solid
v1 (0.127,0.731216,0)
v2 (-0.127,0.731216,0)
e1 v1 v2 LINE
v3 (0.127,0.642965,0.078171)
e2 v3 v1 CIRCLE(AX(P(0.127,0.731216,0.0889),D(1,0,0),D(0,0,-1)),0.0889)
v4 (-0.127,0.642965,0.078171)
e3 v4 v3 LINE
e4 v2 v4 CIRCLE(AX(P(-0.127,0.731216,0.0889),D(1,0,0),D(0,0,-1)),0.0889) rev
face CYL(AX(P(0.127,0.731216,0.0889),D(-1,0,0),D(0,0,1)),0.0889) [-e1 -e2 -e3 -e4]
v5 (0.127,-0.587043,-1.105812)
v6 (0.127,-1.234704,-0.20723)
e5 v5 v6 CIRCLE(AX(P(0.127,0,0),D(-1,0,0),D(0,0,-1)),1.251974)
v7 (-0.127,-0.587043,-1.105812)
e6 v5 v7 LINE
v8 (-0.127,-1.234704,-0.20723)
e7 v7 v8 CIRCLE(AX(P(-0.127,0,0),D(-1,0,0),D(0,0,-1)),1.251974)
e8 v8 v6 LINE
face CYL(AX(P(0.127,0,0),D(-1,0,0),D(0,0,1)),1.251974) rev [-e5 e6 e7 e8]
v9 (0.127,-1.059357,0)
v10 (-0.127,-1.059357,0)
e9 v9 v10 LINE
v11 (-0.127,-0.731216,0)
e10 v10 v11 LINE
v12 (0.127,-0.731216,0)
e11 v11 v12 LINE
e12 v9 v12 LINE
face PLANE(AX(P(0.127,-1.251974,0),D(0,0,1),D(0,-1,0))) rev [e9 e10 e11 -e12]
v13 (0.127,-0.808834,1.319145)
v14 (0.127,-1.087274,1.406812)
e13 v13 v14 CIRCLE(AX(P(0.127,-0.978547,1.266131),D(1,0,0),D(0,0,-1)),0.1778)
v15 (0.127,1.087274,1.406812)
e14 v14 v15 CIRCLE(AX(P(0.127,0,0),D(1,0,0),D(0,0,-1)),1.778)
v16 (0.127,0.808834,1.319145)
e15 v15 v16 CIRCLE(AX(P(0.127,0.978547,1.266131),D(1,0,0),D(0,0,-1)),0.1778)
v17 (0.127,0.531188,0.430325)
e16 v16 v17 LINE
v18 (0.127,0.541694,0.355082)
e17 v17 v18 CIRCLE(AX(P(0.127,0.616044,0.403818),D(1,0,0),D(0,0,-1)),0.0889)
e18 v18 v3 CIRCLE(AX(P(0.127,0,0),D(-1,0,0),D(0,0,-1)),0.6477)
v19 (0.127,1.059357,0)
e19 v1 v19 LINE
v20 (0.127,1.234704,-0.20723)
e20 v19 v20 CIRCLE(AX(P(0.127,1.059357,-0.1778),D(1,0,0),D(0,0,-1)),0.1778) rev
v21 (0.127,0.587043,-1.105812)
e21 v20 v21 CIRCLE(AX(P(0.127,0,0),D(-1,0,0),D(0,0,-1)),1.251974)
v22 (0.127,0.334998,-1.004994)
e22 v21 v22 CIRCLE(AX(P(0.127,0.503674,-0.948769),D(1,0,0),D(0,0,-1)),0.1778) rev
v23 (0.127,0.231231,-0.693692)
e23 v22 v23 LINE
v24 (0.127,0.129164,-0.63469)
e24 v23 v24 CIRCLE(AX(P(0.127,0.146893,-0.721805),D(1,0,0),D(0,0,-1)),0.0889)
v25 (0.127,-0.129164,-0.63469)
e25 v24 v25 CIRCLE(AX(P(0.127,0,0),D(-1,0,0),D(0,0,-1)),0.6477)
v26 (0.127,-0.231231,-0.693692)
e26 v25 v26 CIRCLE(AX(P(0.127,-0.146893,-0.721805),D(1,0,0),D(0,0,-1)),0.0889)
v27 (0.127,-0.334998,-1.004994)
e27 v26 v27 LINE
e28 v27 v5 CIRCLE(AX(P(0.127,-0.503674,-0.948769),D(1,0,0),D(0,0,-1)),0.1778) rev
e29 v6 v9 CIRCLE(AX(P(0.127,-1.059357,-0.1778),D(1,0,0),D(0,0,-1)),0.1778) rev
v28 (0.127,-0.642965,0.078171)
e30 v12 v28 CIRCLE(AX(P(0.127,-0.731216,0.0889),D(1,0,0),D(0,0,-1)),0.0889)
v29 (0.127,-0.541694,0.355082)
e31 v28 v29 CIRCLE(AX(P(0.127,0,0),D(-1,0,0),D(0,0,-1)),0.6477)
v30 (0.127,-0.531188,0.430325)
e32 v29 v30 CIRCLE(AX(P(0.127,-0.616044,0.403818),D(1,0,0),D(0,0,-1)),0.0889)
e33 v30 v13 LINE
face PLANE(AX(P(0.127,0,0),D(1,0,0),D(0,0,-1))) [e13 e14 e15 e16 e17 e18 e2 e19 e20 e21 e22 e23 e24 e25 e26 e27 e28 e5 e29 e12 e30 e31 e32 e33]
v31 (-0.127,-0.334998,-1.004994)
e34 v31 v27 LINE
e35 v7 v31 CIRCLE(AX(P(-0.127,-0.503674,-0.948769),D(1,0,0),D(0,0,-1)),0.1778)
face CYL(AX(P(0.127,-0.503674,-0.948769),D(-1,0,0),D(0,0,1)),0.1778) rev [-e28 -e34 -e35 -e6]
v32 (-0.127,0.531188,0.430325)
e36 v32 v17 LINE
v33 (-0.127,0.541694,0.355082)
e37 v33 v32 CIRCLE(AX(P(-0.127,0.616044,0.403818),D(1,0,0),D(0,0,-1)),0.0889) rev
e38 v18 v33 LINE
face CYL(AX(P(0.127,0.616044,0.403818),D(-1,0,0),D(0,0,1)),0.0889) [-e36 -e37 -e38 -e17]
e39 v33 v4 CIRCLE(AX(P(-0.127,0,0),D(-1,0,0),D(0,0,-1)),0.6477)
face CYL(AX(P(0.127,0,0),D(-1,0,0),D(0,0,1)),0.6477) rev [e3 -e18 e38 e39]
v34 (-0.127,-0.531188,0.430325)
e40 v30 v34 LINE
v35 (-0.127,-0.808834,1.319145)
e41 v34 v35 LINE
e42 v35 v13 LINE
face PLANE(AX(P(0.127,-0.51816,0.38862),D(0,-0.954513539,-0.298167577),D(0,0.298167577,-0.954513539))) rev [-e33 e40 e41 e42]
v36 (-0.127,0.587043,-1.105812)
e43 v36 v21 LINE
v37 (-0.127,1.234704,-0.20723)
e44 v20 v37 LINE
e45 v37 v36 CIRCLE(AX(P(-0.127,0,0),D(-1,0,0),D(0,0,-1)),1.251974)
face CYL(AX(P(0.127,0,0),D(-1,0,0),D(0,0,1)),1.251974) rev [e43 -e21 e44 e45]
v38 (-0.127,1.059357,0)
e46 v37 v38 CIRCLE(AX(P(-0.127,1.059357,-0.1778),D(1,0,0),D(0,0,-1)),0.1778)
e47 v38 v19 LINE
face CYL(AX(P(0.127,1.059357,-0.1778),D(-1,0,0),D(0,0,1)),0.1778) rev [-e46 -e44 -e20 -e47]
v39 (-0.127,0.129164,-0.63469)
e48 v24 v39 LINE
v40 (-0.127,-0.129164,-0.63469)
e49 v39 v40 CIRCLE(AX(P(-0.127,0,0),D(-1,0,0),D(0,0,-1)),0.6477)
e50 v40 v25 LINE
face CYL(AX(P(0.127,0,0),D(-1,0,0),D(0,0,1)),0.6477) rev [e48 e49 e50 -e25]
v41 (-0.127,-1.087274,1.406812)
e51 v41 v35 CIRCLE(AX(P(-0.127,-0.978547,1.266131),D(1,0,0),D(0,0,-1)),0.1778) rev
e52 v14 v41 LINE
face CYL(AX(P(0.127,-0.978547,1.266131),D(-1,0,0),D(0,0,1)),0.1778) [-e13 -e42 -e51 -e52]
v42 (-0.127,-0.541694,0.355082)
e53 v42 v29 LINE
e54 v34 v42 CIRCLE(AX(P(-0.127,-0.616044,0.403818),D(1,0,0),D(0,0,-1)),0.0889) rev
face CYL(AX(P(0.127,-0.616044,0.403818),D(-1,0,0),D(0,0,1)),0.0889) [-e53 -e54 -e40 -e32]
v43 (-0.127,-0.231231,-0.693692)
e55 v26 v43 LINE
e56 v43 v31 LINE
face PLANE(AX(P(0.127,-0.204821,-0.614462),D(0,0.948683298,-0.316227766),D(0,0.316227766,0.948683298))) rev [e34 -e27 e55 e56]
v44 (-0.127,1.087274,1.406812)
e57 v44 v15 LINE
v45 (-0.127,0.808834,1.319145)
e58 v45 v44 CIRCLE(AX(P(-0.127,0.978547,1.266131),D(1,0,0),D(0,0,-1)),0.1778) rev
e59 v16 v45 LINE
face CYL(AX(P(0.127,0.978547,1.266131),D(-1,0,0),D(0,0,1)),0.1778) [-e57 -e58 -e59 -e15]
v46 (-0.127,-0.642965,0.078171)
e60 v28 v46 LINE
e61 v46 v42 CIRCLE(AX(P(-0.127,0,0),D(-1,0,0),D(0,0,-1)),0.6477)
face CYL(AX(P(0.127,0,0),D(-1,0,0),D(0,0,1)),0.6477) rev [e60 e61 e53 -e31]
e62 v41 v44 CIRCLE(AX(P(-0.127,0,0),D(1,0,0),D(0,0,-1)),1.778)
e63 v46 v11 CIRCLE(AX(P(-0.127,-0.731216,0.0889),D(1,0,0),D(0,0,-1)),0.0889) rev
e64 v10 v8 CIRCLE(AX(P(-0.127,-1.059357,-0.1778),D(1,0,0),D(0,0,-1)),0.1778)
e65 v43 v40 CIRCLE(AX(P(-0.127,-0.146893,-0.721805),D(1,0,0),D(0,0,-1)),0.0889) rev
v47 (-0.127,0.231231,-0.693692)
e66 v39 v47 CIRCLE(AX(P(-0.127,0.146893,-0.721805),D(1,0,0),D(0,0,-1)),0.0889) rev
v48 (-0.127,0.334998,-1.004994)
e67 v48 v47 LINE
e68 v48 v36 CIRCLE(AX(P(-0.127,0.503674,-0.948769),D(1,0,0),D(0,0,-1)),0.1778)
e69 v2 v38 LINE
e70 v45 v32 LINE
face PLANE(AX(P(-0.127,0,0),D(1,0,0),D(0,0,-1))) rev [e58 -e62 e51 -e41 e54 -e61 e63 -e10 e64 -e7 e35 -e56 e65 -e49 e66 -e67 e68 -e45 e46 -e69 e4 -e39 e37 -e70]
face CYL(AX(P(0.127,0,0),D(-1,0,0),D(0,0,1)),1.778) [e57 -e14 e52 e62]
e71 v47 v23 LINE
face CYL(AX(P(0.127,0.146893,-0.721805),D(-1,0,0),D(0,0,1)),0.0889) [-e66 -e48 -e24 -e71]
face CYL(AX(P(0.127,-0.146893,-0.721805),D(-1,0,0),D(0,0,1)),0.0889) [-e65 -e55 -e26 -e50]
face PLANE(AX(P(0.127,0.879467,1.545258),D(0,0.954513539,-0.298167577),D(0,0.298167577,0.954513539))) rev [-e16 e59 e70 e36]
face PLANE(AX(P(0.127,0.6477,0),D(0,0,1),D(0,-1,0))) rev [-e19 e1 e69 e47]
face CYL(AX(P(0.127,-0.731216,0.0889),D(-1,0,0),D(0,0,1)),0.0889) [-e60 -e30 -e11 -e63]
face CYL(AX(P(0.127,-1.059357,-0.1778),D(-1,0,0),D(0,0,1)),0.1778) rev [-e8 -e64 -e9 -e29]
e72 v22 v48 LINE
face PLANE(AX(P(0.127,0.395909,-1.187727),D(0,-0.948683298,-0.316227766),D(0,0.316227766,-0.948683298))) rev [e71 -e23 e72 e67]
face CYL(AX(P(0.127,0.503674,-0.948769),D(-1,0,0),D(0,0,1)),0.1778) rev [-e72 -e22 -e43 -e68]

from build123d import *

# Parameters (mm, degrees)
BOSS_EXTRUDE1_DEPTH      = 0.127
BOSS_EXTRUDE1_DEPTH_BACK = 0.127
FILLET1_R                = 0.1778
FILLET2_R                = 0.0889


with BuildPart() as part:
    # Sketch3 → Boss-Extrude1 (new body, two sides)
    with BuildSketch(Plane(origin=(0, 0, 0), x_dir=(0, 0, -1), z_dir=(1, 0, 0))) as boss_extrude1_sk:
        with BuildLine():
            Line((0.614462172, -0.204820724), (1.187727007, -0.395909002))
            ThreePointArc((1.187727007, -0.395909002), (0.732042187, -1.015654281), (0, -1.251974194))
            Line((0, -1.251974194), (0, -0.6477))
            ThreePointArc((0, -0.6477), (-0.204820724, -0.614462172), (-0.38862, -0.51816))
            Line((-0.38862, -0.51816), (-1.545258105, -0.879466537))
            ThreePointArc((-1.545258105, -0.879466537), (1.778, 0), (-1.545258105, 0.879466537))
            Line((-1.545258105, 0.879466537), (-0.38862, 0.51816))
            ThreePointArc((-0.38862, 0.51816), (-0.204820724, 0.614462172), (0, 0.6477))
            Line((0, 0.6477), (0, 1.251974194))
            ThreePointArc((0, 1.251974194), (0.732042187, 1.015654281), (1.187727007, 0.395909002))
            Line((1.187727007, 0.395909002), (0.614462172, 0.204820724))
            ThreePointArc((0.614462172, 0.204820724), (0.6477, 0), (0.614462172, -0.204820724))
        make_face()
    extrude(amount=BOSS_EXTRUDE1_DEPTH)
    extrude(boss_extrude1_sk.sketch, amount=-BOSS_EXTRUDE1_DEPTH_BACK)

    # Fillet1
    fillet1_edges = [part.edges().sort_by_distance(p)[0] for p in [
        (0, 0.395909002, -1.187727007),
        (0, 1.251974194, 0),
        (0, 0.879466537, 1.545258105),
        (0, -0.879466537, 1.545258105),
        (0, -1.251974194, 0),
        (0, -0.395909002, -1.187727007),
    ]]
    fillet(fillet1_edges, radius=FILLET1_R)

    # Fillet2
    fillet2_edges = [part.edges().sort_by_distance(p)[0] for p in [
        (0, 0.204820724, -0.614462172),
        (0, 0.6477, 0),
        (0, 0.51816, 0.38862),
        (0, -0.51816, 0.38862),
        (0, -0.6477, 0),
        (0, -0.204820724, -0.614462172),
    ]]
    fillet(fillet2_edges, radius=FILLET2_R)


solid = part.part
